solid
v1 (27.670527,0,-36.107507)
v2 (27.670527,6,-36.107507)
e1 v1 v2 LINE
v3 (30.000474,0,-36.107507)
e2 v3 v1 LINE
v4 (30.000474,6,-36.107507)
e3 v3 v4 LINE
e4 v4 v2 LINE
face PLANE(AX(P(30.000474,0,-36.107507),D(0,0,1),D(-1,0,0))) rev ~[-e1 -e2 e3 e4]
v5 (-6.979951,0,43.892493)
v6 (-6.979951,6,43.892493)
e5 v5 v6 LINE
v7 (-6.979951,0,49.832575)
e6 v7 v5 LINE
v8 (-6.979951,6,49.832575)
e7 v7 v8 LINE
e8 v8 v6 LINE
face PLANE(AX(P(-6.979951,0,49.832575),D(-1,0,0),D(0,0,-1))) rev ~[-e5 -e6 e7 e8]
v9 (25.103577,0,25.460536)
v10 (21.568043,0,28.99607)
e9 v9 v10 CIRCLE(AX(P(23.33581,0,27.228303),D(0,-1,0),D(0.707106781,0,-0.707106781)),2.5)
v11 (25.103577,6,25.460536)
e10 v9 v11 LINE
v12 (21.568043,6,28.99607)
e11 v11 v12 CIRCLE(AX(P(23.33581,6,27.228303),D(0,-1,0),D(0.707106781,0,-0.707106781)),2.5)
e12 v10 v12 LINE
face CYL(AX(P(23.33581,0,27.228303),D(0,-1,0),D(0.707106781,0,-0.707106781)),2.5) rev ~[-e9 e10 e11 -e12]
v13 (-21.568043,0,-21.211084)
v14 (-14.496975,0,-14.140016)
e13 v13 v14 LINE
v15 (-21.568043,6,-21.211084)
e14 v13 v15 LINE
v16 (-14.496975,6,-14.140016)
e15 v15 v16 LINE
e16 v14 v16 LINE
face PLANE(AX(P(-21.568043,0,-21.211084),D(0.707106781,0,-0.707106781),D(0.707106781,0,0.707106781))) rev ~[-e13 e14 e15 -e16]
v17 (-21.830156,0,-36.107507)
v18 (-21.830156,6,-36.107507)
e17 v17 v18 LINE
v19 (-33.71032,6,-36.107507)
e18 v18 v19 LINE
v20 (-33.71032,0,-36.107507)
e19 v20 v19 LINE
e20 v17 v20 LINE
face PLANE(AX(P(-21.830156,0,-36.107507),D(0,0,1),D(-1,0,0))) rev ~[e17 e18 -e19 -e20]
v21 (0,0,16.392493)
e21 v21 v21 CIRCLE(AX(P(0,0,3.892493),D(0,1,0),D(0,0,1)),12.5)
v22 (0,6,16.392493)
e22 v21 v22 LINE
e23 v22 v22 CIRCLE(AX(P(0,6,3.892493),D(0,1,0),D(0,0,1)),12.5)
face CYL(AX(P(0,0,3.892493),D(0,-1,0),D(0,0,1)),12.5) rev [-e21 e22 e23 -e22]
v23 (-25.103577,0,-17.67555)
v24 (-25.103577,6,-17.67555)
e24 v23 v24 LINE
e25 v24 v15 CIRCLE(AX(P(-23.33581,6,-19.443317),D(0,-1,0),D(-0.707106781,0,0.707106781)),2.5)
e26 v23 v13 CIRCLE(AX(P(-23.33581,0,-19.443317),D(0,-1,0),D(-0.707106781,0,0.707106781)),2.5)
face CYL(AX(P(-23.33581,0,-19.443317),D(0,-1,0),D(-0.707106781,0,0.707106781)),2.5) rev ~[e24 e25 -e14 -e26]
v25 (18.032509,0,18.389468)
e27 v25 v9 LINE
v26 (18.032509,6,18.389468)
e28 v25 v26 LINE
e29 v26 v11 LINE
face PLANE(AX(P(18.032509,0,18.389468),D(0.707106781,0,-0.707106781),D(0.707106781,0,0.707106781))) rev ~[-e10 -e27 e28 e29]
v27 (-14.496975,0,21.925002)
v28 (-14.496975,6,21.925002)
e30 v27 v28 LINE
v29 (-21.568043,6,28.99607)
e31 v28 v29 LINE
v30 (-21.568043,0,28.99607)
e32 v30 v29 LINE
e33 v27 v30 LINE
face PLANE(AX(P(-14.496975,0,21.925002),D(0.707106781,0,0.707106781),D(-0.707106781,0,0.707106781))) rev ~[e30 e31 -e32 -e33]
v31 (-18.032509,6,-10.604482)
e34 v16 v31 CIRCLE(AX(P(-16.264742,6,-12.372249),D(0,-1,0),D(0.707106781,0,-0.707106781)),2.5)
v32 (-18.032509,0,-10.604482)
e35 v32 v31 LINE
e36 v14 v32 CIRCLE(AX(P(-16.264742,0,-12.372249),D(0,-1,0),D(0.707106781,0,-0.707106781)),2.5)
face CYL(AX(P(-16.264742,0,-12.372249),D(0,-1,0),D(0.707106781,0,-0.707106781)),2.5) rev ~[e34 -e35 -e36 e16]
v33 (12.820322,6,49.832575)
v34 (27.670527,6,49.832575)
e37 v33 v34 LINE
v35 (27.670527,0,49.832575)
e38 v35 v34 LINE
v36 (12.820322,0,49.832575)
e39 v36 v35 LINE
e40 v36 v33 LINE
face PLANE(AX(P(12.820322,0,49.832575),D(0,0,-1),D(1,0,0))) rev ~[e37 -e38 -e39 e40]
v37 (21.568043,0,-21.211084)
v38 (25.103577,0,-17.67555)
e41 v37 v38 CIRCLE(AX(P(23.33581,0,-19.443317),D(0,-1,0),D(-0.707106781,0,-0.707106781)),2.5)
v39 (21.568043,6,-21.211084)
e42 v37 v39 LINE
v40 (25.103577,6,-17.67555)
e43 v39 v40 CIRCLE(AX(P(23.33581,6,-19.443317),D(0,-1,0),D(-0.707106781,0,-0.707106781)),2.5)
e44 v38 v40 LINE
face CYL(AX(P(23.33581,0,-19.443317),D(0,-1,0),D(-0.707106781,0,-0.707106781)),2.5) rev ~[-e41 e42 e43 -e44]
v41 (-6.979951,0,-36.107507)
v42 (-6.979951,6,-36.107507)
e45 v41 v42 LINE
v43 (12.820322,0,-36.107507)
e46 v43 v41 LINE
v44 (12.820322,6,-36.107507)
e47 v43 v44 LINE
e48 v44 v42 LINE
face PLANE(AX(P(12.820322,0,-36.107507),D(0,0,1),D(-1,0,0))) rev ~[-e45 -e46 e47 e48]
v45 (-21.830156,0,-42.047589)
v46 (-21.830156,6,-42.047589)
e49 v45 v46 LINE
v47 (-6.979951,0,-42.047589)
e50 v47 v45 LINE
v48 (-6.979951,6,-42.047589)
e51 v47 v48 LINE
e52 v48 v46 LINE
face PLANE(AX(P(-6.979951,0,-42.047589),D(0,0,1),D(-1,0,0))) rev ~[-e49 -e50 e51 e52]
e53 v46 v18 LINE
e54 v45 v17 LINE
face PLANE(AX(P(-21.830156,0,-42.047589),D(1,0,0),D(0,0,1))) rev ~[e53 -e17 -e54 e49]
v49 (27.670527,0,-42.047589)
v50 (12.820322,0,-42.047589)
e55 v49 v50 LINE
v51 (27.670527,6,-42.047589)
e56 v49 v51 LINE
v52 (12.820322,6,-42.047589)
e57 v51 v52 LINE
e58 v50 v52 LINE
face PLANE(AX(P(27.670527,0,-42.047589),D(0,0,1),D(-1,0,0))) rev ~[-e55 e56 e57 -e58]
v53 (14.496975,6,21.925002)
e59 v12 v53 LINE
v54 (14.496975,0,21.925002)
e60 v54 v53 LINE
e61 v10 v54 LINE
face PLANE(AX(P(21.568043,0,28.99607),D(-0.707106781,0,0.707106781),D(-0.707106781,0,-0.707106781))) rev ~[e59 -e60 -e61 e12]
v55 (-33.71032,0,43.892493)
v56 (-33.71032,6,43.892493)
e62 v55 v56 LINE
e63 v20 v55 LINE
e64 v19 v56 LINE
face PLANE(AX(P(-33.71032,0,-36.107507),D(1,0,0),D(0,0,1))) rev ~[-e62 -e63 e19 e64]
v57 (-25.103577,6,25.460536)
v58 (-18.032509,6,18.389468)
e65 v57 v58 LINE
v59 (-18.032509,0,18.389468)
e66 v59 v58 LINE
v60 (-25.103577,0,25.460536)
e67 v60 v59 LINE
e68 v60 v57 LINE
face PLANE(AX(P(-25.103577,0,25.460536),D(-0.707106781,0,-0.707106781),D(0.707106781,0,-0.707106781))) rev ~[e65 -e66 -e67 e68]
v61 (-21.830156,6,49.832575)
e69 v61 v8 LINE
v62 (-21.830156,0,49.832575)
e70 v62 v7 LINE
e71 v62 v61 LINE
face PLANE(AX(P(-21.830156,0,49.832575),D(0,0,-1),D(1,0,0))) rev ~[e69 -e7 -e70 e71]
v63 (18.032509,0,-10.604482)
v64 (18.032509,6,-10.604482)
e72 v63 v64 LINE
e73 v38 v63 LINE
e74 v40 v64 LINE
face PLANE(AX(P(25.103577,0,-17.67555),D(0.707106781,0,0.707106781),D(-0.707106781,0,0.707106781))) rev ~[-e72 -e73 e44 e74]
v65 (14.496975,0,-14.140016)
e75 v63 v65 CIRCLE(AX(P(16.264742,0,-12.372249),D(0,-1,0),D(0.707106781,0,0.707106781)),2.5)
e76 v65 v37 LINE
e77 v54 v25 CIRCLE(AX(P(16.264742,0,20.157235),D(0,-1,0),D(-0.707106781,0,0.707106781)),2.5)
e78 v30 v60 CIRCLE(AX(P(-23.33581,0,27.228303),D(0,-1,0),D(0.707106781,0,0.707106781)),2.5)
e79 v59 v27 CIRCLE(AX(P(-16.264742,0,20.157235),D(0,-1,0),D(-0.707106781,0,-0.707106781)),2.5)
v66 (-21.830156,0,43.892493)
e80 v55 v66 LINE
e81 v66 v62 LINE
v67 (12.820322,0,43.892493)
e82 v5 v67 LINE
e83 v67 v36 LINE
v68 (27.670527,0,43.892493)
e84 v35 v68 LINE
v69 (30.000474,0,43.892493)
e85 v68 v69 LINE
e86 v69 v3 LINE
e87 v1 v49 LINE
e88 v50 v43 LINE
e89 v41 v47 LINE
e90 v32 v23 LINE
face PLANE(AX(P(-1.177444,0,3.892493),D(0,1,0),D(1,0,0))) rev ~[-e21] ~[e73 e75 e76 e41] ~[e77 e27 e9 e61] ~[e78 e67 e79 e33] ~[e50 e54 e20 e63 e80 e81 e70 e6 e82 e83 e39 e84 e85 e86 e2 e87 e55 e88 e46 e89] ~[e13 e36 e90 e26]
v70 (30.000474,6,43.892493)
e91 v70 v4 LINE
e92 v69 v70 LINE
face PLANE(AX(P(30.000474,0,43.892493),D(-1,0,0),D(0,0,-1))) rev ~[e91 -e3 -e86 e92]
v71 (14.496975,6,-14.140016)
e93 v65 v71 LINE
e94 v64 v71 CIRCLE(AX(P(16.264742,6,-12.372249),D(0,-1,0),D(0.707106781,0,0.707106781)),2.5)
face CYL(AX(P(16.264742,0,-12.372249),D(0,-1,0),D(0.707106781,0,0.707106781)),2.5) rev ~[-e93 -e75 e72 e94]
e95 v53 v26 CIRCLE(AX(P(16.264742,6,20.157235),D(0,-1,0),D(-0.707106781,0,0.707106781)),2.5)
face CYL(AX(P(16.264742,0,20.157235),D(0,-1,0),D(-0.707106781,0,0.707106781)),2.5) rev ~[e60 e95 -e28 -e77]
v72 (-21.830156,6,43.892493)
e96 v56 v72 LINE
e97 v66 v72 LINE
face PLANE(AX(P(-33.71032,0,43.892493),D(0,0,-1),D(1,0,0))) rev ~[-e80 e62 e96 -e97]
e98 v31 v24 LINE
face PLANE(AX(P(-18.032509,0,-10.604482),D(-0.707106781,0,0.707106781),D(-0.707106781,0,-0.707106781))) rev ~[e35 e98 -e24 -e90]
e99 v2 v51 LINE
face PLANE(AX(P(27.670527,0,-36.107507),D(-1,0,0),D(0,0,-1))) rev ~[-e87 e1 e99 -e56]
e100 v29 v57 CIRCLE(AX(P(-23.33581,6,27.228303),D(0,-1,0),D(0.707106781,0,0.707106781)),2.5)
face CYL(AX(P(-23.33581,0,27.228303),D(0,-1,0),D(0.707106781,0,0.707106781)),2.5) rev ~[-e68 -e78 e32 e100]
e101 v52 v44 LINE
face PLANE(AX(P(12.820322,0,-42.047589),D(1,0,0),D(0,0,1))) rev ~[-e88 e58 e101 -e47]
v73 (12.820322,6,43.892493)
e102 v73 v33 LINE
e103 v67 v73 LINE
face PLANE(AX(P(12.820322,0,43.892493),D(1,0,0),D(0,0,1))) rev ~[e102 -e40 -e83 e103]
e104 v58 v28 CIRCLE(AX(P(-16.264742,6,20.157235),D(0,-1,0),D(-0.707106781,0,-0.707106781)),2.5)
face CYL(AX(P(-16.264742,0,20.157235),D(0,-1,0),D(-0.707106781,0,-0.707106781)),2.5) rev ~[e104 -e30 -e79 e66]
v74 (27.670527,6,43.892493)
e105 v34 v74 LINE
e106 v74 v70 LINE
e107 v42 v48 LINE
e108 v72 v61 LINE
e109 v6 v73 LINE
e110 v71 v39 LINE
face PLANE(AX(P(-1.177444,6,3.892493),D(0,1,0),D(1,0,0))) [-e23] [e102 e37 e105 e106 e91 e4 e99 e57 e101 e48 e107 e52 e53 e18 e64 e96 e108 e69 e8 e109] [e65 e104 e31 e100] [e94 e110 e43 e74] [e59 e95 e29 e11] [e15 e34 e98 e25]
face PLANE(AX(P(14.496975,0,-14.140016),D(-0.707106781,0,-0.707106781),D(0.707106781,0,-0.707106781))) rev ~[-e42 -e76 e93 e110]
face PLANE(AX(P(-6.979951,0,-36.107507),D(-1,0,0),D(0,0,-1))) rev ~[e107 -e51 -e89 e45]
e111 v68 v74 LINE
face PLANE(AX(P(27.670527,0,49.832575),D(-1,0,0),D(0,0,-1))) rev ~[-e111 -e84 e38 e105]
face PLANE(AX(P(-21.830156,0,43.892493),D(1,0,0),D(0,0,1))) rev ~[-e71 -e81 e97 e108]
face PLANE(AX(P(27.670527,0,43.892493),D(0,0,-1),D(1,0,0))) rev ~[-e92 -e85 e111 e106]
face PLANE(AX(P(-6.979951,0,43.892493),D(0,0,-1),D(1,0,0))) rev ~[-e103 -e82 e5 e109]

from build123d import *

# Parameters (mm, degrees)
SKETCH1_R           = 12.5
BOSS_EXTRUDE1_DEPTH = 6


with BuildPart() as part:
    # Sketch1 → Boss-Extrude1 (new body)
    with BuildSketch(Plane(origin=(0, 0, 0), x_dir=(1, 0, 0), z_dir=(0, 1, 0))):
        Polygon((-33.710320086, 36.107507173), (-33.710320086, -43.892492827), (-21.830156213, -43.892492827), (-21.830156213, -49.832574764), (-6.979951371, -49.832574764), (-6.979951371, -43.892492827), (12.820321751, -43.892492827), (12.820321751, -49.832574764), (27.670526593, -49.832574764), (27.670526593, -43.892492827), (30.000473961, -43.892492827), (30.000473961, 36.107507173), (27.670526593, 36.107507173), (27.670526593, 42.047589109), (12.820321751, 42.047589109), (12.820321751, 36.107507173), (-6.979951371, 36.107507173), (-6.979951371, 42.047589109), (-21.830156213, 42.047589109), (-21.830156213, 36.107507173), align=None)
        with Locations(Location((0, -3.892492827, 0), (0, 0, 270))):
            Circle(SKETCH1_R, mode=Mode.SUBTRACT)
        with BuildLine():
            Line((-25.103576844, -25.460535765), (-18.032509032, -18.389467953))
            ThreePointArc((-18.032509032, -18.389467953), (-14.496975126, -18.389467953), (-14.496975126, -21.925001859))
            Line((-14.496975126, -21.925001859), (-21.568042938, -28.996069671))
            ThreePointArc((-21.568042938, -28.996069671), (-25.103576844, -28.996069671), (-25.103576844, -25.460535765))
        make_face(mode=Mode.SUBTRACT)
        with BuildLine():
            Line((-21.568042938, 21.211084017), (-14.496975126, 14.140016205))
            ThreePointArc((-14.496975126, 14.140016205), (-14.496975126, 10.604482299), (-18.032509032, 10.604482299))
            Line((-18.032509032, 10.604482299), (-25.103576844, 17.675550111))
            ThreePointArc((-25.103576844, 17.675550111), (-25.103576844, 21.211084017), (-21.568042938, 21.211084017))
        make_face(mode=Mode.SUBTRACT)
        with BuildLine():
            Line((25.103576844, 17.675550111), (18.032509032, 10.604482299))
            ThreePointArc((18.032509032, 10.604482299), (14.496975126, 10.604482299), (14.496975126, 14.140016205))
            Line((14.496975126, 14.140016205), (21.568042938, 21.211084017))
            ThreePointArc((21.568042938, 21.211084017), (25.103576844, 21.211084017), (25.103576844, 17.675550111))
        make_face(mode=Mode.SUBTRACT)
        with BuildLine():
            Line((21.568042938, -28.996069671), (14.496975126, -21.925001859))
            ThreePointArc((14.496975126, -21.925001859), (14.496975126, -18.389467953), (18.032509032, -18.389467953))
            Line((18.032509032, -18.389467953), (25.103576844, -25.460535765))
            ThreePointArc((25.103576844, -25.460535765), (25.103576844, -28.996069671), (21.568042938, -28.996069671))
        make_face(mode=Mode.SUBTRACT)
    extrude(amount=BOSS_EXTRUDE1_DEPTH)


solid = part.part
